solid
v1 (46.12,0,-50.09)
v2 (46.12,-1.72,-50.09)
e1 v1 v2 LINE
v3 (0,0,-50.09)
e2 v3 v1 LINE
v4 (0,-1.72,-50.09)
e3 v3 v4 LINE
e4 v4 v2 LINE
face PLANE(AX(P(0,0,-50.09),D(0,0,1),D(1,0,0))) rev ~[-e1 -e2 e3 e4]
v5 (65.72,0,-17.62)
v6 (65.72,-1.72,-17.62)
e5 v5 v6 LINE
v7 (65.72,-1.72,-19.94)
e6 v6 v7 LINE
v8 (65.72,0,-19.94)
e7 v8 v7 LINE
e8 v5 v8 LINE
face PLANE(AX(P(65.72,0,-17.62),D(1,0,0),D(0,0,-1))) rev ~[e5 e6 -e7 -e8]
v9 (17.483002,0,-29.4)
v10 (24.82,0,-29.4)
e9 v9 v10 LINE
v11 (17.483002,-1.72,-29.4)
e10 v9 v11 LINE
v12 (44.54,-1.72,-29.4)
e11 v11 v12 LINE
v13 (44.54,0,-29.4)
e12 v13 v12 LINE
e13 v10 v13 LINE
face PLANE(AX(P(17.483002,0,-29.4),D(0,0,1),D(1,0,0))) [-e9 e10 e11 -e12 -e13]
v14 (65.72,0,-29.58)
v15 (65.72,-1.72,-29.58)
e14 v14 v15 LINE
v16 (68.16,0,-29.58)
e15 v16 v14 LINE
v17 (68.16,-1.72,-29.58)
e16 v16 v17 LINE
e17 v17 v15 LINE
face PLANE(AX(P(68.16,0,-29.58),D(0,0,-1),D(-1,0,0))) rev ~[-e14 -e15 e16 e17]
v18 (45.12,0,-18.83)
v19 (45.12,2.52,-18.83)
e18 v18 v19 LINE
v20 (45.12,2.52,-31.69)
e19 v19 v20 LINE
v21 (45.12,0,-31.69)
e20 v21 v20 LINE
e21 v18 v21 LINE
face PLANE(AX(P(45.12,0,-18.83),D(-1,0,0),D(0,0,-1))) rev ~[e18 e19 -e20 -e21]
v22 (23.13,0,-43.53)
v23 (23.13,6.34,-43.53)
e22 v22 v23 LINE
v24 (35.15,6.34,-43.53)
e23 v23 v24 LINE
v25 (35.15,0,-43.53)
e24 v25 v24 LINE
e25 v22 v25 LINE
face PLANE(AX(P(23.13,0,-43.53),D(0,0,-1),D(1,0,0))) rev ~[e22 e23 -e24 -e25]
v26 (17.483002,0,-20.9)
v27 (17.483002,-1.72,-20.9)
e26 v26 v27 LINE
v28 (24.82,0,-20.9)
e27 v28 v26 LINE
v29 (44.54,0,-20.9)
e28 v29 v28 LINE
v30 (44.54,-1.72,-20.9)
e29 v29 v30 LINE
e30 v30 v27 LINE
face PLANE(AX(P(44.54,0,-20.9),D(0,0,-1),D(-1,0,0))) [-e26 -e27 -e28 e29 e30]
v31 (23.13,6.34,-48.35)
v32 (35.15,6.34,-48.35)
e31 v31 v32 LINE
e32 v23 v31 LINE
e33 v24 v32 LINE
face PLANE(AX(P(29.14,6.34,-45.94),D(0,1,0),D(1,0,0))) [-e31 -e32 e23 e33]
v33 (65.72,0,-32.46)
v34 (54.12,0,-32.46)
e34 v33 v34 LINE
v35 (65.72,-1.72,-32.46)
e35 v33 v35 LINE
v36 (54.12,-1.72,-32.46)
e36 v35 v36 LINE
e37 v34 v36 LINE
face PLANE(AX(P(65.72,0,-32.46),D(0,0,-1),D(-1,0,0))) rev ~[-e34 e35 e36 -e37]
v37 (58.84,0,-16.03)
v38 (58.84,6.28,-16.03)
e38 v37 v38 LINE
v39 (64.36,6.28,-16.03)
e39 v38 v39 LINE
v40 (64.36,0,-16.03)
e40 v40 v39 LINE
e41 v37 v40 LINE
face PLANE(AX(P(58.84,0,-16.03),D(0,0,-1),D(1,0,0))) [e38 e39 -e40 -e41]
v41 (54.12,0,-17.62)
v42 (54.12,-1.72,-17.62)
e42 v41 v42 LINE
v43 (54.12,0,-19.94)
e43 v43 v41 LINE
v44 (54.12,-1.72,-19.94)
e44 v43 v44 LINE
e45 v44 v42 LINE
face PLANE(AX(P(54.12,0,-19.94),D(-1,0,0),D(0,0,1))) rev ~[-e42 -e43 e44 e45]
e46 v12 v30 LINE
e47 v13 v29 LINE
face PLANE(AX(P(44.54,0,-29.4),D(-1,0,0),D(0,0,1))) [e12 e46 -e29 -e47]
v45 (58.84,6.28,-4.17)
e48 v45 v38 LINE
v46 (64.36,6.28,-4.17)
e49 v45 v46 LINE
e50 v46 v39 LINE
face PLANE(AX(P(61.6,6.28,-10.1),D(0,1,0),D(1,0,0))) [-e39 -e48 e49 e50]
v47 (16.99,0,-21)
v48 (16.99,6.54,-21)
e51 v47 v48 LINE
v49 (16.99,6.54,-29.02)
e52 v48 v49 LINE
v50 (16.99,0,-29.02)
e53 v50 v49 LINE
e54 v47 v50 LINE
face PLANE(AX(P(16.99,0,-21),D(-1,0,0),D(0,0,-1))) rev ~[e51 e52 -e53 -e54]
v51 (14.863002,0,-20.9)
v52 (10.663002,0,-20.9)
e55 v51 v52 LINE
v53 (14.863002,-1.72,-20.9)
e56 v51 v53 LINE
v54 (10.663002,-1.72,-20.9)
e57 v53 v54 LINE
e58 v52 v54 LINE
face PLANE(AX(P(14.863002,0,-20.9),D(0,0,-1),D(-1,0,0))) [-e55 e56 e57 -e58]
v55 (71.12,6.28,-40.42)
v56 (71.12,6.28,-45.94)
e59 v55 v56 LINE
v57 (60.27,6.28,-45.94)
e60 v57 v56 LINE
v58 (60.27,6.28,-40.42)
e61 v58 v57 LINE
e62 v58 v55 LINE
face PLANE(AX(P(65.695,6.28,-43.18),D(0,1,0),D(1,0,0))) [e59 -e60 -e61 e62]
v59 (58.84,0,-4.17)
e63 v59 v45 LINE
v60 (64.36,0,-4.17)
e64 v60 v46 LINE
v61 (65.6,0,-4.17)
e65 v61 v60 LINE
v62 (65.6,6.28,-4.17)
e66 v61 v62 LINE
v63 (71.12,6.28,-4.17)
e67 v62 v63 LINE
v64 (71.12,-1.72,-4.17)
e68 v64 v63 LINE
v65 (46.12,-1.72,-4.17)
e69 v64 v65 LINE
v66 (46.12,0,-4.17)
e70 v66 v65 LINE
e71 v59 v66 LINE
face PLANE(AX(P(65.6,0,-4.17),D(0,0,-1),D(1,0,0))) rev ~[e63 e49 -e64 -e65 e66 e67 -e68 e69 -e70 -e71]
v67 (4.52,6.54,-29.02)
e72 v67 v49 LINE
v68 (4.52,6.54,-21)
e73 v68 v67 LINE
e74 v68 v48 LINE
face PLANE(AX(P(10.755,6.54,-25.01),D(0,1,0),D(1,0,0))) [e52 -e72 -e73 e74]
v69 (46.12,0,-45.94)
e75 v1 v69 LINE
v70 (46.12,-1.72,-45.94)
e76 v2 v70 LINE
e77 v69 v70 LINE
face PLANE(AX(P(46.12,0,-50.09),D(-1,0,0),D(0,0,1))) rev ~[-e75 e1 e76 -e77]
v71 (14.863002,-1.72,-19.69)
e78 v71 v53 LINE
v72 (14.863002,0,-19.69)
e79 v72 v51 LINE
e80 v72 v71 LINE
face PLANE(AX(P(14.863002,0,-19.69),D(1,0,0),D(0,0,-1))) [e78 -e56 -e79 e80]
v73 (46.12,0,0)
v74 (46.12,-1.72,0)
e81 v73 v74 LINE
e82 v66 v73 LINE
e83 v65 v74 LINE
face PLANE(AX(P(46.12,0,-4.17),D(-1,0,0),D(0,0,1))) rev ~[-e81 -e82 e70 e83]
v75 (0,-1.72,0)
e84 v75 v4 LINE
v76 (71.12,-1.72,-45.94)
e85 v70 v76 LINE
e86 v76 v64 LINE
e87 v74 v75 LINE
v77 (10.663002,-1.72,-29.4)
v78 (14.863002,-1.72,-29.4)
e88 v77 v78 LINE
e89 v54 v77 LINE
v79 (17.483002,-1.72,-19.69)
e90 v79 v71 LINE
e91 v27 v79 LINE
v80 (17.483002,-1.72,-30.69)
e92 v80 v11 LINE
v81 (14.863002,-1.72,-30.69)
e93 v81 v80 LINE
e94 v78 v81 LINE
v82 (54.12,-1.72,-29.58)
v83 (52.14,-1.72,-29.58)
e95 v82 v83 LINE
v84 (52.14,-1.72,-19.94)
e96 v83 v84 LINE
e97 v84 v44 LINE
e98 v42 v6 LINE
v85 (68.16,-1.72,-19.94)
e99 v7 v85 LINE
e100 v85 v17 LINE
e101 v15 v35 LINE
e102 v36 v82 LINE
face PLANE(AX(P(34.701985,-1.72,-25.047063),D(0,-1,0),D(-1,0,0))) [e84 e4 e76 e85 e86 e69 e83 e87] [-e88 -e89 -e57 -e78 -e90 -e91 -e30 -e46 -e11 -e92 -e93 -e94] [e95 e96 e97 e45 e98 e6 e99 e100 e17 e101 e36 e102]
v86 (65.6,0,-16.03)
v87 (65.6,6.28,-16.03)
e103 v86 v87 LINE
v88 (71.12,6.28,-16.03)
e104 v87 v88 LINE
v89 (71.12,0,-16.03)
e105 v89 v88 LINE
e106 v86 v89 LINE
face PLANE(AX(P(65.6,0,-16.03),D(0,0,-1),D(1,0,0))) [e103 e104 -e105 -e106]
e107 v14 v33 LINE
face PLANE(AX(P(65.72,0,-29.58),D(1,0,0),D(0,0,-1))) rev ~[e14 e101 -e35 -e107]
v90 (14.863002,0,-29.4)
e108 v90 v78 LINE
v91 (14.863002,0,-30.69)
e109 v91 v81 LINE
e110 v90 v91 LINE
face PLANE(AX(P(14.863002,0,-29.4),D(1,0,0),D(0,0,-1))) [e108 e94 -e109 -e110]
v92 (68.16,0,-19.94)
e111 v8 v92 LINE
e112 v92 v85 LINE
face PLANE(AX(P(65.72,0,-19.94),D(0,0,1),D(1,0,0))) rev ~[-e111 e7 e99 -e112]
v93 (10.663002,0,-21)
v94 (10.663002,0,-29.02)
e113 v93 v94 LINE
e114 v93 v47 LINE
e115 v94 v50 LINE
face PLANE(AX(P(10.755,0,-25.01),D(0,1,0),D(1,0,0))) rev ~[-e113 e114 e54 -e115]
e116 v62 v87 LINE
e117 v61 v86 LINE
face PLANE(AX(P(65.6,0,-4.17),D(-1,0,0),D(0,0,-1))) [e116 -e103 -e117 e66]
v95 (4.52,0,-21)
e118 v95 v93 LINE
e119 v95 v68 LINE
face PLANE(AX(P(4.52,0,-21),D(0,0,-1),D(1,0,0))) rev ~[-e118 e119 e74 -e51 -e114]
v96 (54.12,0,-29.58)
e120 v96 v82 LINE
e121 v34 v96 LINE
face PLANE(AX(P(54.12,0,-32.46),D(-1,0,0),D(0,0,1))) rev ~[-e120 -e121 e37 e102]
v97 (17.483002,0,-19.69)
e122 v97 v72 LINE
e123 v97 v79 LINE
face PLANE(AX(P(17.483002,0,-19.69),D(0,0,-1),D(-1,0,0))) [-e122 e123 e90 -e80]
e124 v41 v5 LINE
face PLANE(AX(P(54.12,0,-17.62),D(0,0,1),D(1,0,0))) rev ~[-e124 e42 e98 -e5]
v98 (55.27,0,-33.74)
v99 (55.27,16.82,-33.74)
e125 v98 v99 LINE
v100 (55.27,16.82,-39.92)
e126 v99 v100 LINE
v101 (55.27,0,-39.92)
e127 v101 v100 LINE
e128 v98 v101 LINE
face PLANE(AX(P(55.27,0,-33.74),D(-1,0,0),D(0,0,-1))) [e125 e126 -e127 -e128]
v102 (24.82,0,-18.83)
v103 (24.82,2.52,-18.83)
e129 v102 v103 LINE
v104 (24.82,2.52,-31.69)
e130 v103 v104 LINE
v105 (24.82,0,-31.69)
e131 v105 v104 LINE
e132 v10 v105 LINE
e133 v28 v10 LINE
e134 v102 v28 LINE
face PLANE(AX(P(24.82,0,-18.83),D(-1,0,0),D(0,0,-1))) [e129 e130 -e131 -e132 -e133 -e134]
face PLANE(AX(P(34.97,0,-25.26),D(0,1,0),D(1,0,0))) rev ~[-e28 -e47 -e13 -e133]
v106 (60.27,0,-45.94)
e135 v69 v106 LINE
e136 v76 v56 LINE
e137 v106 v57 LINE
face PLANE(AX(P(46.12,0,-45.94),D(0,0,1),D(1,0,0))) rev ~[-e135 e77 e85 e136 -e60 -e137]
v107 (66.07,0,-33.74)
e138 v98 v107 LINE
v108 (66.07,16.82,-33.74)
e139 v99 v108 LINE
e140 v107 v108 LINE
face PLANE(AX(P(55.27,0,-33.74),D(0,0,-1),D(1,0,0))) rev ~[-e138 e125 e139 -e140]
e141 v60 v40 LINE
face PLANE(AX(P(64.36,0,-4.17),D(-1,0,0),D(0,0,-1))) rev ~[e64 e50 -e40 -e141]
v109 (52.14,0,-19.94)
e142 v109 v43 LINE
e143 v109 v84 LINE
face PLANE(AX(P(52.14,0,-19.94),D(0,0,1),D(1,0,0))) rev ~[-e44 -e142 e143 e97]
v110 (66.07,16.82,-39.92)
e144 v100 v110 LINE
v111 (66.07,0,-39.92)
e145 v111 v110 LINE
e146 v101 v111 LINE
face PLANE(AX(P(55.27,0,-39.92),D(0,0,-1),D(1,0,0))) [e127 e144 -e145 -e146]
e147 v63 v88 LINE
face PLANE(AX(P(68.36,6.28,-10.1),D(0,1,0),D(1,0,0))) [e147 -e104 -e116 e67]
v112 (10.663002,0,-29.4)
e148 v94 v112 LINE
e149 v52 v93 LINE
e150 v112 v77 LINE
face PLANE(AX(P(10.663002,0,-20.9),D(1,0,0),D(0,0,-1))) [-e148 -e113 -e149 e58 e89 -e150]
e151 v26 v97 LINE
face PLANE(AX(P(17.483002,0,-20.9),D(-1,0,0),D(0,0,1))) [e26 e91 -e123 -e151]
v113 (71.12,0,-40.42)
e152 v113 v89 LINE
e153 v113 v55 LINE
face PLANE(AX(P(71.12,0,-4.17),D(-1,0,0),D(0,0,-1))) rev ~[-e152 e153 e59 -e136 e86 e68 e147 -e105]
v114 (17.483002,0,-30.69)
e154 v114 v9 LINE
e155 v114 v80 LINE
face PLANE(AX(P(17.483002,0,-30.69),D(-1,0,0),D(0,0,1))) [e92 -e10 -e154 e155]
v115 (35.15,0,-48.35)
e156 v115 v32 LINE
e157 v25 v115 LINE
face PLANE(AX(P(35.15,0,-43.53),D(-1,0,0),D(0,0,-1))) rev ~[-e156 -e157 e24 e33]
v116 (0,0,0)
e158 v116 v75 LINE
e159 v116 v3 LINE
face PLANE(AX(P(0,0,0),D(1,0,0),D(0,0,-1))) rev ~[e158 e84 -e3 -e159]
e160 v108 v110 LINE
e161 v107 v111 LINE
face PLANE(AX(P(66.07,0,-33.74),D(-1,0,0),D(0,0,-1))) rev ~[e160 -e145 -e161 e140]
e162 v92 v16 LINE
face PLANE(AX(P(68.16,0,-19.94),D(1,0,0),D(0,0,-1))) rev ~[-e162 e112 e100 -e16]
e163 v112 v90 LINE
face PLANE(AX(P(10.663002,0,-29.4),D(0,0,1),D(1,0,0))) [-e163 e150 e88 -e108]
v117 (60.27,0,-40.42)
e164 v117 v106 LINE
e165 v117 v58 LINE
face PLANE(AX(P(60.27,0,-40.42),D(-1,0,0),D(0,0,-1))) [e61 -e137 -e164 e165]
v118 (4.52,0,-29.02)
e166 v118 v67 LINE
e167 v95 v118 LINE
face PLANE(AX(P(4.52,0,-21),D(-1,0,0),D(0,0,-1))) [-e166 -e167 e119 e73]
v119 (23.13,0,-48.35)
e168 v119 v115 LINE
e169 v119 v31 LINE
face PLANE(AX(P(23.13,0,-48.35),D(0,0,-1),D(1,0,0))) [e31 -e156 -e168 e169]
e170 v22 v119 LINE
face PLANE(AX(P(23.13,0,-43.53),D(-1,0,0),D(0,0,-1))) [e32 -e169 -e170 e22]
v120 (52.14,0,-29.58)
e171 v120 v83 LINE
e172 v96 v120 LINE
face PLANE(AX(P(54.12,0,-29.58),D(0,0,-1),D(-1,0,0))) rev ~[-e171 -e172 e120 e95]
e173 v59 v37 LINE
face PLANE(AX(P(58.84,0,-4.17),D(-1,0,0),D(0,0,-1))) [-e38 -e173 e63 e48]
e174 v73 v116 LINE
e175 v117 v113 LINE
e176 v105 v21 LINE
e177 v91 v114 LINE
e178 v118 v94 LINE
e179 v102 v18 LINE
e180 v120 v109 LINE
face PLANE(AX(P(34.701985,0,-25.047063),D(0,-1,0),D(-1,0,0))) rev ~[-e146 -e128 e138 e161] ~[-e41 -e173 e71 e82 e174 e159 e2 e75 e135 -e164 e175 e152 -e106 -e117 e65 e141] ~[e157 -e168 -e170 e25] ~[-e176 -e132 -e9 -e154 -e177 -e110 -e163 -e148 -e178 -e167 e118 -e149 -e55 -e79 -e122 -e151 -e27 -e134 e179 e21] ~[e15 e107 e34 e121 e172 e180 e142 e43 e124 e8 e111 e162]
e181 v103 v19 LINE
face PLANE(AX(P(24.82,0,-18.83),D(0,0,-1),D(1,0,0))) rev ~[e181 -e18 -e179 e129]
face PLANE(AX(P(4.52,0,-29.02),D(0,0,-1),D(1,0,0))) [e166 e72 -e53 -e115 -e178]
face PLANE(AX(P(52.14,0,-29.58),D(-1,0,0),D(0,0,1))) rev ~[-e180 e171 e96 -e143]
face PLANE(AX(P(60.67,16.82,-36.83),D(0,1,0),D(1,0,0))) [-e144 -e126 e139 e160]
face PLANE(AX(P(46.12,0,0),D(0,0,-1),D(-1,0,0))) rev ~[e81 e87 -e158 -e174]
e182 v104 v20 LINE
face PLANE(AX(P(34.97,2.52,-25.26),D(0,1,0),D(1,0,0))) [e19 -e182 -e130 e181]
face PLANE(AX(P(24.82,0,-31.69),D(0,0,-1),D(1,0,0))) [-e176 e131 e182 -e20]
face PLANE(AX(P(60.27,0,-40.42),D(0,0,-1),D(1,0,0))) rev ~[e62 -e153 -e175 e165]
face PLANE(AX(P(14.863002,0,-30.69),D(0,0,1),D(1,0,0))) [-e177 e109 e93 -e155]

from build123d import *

# Parameters (mm, degrees)
BOSS_EXTRUDE1_DEPTH  = 1.72
CUT_EXTRUDE1_DEPTH   = 1.72
SKETCH6_W            = 5.52
SKETCH6_H            = 11.86
SKETCH6_W_2          = 10.85
SKETCH6_H_2          = 5.52
SWITCHES_DEPTH       = 6.28
SKETCH7_W            = 10.8
SKETCH7_H            = 6.18
SCROLLWHEEL_DEPTH    = 16.82
SKETCH8_W            = 20.3
SKETCH8_H            = 12.86
CHIP_DEPTH           = 2.52
SKETCH9_W            = 12.02
SKETCH9_H            = 4.82
USB_CONNECTION_DEPTH = 6.34
SKETCH10_W           = 12.47
SKETCH10_H           = 8.02
LASER_DEPTH          = 6.54


with BuildPart() as part:
    # Sketch1 → Boss-Extrude1 (new body)
    with BuildSketch(Plane(origin=(0, 0, 0), x_dir=(1, 0, 0), z_dir=(0, 1, 0))):
        Polygon((46.12, 45.94), (71.12, 45.94), (71.12, 4.17), (46.12, 4.17), (46.12, 0), (0, 0), (0, 50.09), (46.12, 50.09), align=None)
    extrude(amount=-BOSS_EXTRUDE1_DEPTH)

    # Sketch2 → Cut-Extrude1 (cut)
    with BuildSketch(Plane(origin=(0, 0, 0), x_dir=(1, 0, 0), z_dir=(0, 1, 0))):
        Polygon((65.72, 32.46), (54.12, 32.46), (54.12, 29.58), (52.14, 29.58), (52.14, 19.94), (54.12, 19.94), (54.12, 17.62), (65.72, 17.62), (65.72, 19.94), (68.16, 19.94), (68.16, 29.58), (65.72, 29.58), align=None)
        Polygon((17.483002282, 20.9), (17.483002282, 19.69), (14.863002282, 19.69), (14.863002282, 20.9), (10.663002282, 20.9), (10.663002282, 29.4), (14.863002282, 29.4), (14.863002282, 30.69), (17.483002282, 30.69), (17.483002282, 29.4), (44.54, 29.4), (44.54, 20.9), align=None)
    extrude(amount=-CUT_EXTRUDE1_DEPTH, mode=Mode.SUBTRACT)

    # Sketch6 → switches (add)
    with BuildSketch(Plane(origin=(0, 0, 0), x_dir=(1, 0, 0), z_dir=(0, 1, 0))):
        with Locations((68.36, 10.1)):
            Rectangle(SKETCH6_W, SKETCH6_H)
        with Locations((61.6, 10.1)):
            Rectangle(SKETCH6_W, SKETCH6_H)
        with Locations((65.695, 43.18)):
            Rectangle(SKETCH6_W_2, SKETCH6_H_2)
    extrude(amount=SWITCHES_DEPTH)

    # Sketch7 → scrollWheel (add)
    with BuildSketch(Plane(origin=(0, 0, 0), x_dir=(1, 0, 0), z_dir=(0, 1, 0))):
        with Locations((60.67, 36.83)):
            Rectangle(SKETCH7_W, SKETCH7_H)
    extrude(amount=SCROLLWHEEL_DEPTH)

    # Sketch8 → chip (add)
    with BuildSketch(Plane(origin=(0, 0, 0), x_dir=(1, 0, 0), z_dir=(0, 1, 0))):
        with Locations((34.97, 25.26)):
            Rectangle(SKETCH8_W, SKETCH8_H)
    extrude(amount=CHIP_DEPTH)

    # Sketch9 → USB Connection (add)
    with BuildSketch(Plane(origin=(0, 0, 0), x_dir=(1, 0, 0), z_dir=(0, 1, 0))):
        with Locations((29.14, 45.94)):
            Rectangle(SKETCH9_W, SKETCH9_H)
    extrude(amount=USB_CONNECTION_DEPTH)

    # Sketch10 → laser (add)
    with BuildSketch(Plane(origin=(0, 0, 0), x_dir=(1, 0, 0), z_dir=(0, 1, 0))):
        with Locations((10.755, 25.01)):
            Rectangle(SKETCH10_W, SKETCH10_H)
    extrude(amount=LASER_DEPTH)


solid = part.part
